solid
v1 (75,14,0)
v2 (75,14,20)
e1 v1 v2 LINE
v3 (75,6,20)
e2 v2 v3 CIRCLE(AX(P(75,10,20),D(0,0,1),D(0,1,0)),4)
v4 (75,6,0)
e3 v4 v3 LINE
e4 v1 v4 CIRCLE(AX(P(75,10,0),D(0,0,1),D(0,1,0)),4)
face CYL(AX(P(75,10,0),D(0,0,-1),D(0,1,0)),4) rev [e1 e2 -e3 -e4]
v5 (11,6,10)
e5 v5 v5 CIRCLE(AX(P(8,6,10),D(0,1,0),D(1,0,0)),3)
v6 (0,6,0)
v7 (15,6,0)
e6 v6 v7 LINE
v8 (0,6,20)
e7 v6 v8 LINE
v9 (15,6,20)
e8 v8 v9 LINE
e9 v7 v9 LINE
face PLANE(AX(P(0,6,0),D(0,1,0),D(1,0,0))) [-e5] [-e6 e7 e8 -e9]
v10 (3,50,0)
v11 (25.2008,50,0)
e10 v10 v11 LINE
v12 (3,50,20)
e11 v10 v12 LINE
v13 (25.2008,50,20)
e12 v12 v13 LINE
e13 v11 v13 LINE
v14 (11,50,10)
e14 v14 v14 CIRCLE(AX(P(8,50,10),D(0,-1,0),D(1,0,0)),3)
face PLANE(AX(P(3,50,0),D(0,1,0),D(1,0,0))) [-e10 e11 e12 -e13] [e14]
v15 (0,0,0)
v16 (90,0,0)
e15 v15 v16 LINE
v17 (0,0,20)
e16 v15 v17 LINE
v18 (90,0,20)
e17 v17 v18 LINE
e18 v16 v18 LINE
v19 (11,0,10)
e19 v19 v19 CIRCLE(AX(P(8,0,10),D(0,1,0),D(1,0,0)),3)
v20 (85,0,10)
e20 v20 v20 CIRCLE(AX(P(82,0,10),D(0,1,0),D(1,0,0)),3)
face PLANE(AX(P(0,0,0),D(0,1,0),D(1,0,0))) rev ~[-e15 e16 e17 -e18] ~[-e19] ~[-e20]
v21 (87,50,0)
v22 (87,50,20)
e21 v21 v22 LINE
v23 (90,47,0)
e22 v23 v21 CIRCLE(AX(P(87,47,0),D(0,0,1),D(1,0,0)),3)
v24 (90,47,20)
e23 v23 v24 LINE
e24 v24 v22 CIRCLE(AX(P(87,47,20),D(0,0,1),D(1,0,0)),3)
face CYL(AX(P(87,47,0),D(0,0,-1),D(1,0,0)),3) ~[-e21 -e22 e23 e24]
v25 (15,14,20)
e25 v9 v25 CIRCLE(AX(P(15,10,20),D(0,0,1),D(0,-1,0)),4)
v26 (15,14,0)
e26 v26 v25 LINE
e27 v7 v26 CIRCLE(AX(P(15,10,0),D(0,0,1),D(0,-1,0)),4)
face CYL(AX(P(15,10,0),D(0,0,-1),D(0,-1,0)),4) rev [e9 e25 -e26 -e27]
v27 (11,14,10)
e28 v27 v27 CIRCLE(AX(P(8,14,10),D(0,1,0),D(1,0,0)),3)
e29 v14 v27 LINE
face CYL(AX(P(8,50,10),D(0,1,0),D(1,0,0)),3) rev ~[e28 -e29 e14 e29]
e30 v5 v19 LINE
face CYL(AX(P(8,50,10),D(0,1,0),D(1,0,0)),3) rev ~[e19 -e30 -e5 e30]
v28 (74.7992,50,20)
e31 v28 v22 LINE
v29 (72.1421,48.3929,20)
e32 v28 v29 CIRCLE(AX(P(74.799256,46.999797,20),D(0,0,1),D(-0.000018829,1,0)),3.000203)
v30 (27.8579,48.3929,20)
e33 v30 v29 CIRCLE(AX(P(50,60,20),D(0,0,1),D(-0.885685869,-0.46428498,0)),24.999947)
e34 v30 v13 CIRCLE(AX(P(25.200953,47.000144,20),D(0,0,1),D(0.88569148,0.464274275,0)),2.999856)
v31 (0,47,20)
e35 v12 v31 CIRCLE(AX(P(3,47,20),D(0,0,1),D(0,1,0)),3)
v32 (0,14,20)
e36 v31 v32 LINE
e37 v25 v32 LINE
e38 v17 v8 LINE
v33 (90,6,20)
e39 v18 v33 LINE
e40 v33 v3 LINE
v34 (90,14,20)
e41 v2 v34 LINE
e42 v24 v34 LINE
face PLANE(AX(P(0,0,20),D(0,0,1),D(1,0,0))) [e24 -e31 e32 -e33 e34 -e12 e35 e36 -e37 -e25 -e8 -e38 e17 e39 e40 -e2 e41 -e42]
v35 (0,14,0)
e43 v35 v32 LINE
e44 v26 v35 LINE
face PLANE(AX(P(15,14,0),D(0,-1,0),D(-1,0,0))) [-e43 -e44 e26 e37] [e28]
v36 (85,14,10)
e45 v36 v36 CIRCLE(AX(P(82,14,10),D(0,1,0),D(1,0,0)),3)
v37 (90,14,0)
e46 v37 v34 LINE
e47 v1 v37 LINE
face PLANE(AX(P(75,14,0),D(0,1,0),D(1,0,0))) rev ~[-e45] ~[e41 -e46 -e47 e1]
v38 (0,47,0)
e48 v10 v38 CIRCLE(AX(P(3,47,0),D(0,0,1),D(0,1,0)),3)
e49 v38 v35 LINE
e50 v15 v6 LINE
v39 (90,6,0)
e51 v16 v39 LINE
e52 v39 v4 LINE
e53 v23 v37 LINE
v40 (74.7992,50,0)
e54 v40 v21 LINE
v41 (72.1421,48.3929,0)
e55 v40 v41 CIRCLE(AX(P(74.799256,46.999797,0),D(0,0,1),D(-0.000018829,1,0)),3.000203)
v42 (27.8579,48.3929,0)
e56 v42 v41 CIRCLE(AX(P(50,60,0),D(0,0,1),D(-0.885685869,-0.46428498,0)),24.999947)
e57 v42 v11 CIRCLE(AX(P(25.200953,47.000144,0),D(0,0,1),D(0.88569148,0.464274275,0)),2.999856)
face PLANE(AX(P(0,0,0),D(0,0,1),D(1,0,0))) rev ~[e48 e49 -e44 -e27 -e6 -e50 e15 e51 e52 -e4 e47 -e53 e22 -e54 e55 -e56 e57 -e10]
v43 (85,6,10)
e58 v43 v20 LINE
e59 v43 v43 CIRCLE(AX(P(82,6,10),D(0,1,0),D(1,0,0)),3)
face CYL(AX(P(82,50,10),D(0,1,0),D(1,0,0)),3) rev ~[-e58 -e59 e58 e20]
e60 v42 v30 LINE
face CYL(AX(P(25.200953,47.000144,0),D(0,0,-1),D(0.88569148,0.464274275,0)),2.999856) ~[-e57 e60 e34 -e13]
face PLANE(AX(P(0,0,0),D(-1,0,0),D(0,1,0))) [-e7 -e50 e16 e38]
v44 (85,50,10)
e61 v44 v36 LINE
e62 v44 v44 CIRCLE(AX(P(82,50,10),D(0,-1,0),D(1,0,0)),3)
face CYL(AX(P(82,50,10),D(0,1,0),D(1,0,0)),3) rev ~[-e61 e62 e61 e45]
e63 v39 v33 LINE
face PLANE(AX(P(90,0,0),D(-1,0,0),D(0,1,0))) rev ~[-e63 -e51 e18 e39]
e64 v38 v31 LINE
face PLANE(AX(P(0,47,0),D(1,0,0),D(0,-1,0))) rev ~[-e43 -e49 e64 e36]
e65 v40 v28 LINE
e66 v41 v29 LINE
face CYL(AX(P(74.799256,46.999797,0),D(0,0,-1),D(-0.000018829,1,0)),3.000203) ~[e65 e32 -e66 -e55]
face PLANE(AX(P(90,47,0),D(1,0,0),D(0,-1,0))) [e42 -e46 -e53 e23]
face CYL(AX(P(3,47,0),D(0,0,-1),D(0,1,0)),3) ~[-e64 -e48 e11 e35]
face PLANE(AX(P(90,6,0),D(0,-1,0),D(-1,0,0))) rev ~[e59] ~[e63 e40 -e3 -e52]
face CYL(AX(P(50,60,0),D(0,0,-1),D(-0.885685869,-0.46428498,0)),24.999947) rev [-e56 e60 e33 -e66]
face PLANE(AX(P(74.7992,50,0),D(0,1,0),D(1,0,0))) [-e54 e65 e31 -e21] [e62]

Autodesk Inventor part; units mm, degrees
ref_plane "YZ Plane" through (0, 0, 0) normal (1, 0, 0) x (0, 1, 0)
ref_plane "XZ Plane" through (0, 0, 0) normal (0, 1, 0) x (-1, 0, 0)
ref_plane "XY Plane" through (0, 0, 0) normal (0, 0, 1) x (1, 0, 0)
sketch "Náčrt1" plane through (0, 0, 0) normal (0, 0, 1) x (1, 0, 0)
  line L0 (0, 0) -> (90, 0)
  line L1 (90, 0) -> (90, 6)
  line L2 (90, 6) -> (75, 6)
  arc A0 (75, 14) -> (75, 6) centre (75, 10) ccw
  line L3 (75, 14) -> (90, 14)
  line L4 (0, 0) -> (0, 6)
  line L5 (0, 6) -> (15, 6)
  arc A1 (15, 6) -> (15, 14) centre (15, 10) ccw
  line L6 (15, 14) -> (0, 14)
  line L7 (15, 14) -> (30, 14) construction
  line L8 (90, 47) -> (90, 14)
  line L9 (0, 47) -> (0, 14)
  arc A2 (3, 50) -> (0, 47) centre (3, 47) ccw
  arc A3 (90, 47) -> (87, 50) centre (87, 47) ccw
  arc A4 (27.8579, 48.3929) -> (72.1421, 48.3929) centre (50, 60) ccw
  line L10 (3, 50) -> (25.2008, 50)
  line L11 (74.7992, 50) -> (87, 50)
  arc A5 (27.8579, 48.3929) -> (25.2008, 50) centre (25.2008, 47) ccw
  arc A6 (74.7992, 50) -> (72.1421, 48.3929) centre (74.7992, 47) ccw
  point P0 (72.9129, 50)
  point P1 (27.0871, 50)
  dimension "d0" = 90
  dimension "d1" = 6
  dimension "d4" = 15
  dimension "d5" = 6
  dimension "d9" = 15
  dimension "d10" = 180
  dimension "d13" = 3
  dimension "d16" = 50
  dimension "d17" = 3
extrude "Vysunutí1" add sketch "Náčrt1" along normal blind 20
sketch "Náčrt2" plane through (3, 50, 0) normal (0, 1, 0) x (1, 0, 0)
  line L0 (-3, -20) -> (87, -20) projected
  line L1 (-3, -20) -> (5, -20)
  line L2 (5, -20) -> (5, -10)
  line L3 (5, -20) -> (15, -20) construction
  line L4 (87, -20) -> (79, -20)
  line L5 (79, -20) -> (79, -10)
  circle A0 centre (79, -10) radius 3
  circle A1 centre (5, -10) radius 3
  point P0 (-3, 0)
  dimension "d20" = 8
  dimension "d21" = 10
  dimension "d22" = 90
  dimension "d23" = 8
  dimension "d24" = 10
  dimension "d25" = 90
  dimension "d26" = 6
  dimension "d27" = 6
extrude "Vysunutí2" cut sketch "Náčrt2" against normal through all
properties part number "součást 1"
